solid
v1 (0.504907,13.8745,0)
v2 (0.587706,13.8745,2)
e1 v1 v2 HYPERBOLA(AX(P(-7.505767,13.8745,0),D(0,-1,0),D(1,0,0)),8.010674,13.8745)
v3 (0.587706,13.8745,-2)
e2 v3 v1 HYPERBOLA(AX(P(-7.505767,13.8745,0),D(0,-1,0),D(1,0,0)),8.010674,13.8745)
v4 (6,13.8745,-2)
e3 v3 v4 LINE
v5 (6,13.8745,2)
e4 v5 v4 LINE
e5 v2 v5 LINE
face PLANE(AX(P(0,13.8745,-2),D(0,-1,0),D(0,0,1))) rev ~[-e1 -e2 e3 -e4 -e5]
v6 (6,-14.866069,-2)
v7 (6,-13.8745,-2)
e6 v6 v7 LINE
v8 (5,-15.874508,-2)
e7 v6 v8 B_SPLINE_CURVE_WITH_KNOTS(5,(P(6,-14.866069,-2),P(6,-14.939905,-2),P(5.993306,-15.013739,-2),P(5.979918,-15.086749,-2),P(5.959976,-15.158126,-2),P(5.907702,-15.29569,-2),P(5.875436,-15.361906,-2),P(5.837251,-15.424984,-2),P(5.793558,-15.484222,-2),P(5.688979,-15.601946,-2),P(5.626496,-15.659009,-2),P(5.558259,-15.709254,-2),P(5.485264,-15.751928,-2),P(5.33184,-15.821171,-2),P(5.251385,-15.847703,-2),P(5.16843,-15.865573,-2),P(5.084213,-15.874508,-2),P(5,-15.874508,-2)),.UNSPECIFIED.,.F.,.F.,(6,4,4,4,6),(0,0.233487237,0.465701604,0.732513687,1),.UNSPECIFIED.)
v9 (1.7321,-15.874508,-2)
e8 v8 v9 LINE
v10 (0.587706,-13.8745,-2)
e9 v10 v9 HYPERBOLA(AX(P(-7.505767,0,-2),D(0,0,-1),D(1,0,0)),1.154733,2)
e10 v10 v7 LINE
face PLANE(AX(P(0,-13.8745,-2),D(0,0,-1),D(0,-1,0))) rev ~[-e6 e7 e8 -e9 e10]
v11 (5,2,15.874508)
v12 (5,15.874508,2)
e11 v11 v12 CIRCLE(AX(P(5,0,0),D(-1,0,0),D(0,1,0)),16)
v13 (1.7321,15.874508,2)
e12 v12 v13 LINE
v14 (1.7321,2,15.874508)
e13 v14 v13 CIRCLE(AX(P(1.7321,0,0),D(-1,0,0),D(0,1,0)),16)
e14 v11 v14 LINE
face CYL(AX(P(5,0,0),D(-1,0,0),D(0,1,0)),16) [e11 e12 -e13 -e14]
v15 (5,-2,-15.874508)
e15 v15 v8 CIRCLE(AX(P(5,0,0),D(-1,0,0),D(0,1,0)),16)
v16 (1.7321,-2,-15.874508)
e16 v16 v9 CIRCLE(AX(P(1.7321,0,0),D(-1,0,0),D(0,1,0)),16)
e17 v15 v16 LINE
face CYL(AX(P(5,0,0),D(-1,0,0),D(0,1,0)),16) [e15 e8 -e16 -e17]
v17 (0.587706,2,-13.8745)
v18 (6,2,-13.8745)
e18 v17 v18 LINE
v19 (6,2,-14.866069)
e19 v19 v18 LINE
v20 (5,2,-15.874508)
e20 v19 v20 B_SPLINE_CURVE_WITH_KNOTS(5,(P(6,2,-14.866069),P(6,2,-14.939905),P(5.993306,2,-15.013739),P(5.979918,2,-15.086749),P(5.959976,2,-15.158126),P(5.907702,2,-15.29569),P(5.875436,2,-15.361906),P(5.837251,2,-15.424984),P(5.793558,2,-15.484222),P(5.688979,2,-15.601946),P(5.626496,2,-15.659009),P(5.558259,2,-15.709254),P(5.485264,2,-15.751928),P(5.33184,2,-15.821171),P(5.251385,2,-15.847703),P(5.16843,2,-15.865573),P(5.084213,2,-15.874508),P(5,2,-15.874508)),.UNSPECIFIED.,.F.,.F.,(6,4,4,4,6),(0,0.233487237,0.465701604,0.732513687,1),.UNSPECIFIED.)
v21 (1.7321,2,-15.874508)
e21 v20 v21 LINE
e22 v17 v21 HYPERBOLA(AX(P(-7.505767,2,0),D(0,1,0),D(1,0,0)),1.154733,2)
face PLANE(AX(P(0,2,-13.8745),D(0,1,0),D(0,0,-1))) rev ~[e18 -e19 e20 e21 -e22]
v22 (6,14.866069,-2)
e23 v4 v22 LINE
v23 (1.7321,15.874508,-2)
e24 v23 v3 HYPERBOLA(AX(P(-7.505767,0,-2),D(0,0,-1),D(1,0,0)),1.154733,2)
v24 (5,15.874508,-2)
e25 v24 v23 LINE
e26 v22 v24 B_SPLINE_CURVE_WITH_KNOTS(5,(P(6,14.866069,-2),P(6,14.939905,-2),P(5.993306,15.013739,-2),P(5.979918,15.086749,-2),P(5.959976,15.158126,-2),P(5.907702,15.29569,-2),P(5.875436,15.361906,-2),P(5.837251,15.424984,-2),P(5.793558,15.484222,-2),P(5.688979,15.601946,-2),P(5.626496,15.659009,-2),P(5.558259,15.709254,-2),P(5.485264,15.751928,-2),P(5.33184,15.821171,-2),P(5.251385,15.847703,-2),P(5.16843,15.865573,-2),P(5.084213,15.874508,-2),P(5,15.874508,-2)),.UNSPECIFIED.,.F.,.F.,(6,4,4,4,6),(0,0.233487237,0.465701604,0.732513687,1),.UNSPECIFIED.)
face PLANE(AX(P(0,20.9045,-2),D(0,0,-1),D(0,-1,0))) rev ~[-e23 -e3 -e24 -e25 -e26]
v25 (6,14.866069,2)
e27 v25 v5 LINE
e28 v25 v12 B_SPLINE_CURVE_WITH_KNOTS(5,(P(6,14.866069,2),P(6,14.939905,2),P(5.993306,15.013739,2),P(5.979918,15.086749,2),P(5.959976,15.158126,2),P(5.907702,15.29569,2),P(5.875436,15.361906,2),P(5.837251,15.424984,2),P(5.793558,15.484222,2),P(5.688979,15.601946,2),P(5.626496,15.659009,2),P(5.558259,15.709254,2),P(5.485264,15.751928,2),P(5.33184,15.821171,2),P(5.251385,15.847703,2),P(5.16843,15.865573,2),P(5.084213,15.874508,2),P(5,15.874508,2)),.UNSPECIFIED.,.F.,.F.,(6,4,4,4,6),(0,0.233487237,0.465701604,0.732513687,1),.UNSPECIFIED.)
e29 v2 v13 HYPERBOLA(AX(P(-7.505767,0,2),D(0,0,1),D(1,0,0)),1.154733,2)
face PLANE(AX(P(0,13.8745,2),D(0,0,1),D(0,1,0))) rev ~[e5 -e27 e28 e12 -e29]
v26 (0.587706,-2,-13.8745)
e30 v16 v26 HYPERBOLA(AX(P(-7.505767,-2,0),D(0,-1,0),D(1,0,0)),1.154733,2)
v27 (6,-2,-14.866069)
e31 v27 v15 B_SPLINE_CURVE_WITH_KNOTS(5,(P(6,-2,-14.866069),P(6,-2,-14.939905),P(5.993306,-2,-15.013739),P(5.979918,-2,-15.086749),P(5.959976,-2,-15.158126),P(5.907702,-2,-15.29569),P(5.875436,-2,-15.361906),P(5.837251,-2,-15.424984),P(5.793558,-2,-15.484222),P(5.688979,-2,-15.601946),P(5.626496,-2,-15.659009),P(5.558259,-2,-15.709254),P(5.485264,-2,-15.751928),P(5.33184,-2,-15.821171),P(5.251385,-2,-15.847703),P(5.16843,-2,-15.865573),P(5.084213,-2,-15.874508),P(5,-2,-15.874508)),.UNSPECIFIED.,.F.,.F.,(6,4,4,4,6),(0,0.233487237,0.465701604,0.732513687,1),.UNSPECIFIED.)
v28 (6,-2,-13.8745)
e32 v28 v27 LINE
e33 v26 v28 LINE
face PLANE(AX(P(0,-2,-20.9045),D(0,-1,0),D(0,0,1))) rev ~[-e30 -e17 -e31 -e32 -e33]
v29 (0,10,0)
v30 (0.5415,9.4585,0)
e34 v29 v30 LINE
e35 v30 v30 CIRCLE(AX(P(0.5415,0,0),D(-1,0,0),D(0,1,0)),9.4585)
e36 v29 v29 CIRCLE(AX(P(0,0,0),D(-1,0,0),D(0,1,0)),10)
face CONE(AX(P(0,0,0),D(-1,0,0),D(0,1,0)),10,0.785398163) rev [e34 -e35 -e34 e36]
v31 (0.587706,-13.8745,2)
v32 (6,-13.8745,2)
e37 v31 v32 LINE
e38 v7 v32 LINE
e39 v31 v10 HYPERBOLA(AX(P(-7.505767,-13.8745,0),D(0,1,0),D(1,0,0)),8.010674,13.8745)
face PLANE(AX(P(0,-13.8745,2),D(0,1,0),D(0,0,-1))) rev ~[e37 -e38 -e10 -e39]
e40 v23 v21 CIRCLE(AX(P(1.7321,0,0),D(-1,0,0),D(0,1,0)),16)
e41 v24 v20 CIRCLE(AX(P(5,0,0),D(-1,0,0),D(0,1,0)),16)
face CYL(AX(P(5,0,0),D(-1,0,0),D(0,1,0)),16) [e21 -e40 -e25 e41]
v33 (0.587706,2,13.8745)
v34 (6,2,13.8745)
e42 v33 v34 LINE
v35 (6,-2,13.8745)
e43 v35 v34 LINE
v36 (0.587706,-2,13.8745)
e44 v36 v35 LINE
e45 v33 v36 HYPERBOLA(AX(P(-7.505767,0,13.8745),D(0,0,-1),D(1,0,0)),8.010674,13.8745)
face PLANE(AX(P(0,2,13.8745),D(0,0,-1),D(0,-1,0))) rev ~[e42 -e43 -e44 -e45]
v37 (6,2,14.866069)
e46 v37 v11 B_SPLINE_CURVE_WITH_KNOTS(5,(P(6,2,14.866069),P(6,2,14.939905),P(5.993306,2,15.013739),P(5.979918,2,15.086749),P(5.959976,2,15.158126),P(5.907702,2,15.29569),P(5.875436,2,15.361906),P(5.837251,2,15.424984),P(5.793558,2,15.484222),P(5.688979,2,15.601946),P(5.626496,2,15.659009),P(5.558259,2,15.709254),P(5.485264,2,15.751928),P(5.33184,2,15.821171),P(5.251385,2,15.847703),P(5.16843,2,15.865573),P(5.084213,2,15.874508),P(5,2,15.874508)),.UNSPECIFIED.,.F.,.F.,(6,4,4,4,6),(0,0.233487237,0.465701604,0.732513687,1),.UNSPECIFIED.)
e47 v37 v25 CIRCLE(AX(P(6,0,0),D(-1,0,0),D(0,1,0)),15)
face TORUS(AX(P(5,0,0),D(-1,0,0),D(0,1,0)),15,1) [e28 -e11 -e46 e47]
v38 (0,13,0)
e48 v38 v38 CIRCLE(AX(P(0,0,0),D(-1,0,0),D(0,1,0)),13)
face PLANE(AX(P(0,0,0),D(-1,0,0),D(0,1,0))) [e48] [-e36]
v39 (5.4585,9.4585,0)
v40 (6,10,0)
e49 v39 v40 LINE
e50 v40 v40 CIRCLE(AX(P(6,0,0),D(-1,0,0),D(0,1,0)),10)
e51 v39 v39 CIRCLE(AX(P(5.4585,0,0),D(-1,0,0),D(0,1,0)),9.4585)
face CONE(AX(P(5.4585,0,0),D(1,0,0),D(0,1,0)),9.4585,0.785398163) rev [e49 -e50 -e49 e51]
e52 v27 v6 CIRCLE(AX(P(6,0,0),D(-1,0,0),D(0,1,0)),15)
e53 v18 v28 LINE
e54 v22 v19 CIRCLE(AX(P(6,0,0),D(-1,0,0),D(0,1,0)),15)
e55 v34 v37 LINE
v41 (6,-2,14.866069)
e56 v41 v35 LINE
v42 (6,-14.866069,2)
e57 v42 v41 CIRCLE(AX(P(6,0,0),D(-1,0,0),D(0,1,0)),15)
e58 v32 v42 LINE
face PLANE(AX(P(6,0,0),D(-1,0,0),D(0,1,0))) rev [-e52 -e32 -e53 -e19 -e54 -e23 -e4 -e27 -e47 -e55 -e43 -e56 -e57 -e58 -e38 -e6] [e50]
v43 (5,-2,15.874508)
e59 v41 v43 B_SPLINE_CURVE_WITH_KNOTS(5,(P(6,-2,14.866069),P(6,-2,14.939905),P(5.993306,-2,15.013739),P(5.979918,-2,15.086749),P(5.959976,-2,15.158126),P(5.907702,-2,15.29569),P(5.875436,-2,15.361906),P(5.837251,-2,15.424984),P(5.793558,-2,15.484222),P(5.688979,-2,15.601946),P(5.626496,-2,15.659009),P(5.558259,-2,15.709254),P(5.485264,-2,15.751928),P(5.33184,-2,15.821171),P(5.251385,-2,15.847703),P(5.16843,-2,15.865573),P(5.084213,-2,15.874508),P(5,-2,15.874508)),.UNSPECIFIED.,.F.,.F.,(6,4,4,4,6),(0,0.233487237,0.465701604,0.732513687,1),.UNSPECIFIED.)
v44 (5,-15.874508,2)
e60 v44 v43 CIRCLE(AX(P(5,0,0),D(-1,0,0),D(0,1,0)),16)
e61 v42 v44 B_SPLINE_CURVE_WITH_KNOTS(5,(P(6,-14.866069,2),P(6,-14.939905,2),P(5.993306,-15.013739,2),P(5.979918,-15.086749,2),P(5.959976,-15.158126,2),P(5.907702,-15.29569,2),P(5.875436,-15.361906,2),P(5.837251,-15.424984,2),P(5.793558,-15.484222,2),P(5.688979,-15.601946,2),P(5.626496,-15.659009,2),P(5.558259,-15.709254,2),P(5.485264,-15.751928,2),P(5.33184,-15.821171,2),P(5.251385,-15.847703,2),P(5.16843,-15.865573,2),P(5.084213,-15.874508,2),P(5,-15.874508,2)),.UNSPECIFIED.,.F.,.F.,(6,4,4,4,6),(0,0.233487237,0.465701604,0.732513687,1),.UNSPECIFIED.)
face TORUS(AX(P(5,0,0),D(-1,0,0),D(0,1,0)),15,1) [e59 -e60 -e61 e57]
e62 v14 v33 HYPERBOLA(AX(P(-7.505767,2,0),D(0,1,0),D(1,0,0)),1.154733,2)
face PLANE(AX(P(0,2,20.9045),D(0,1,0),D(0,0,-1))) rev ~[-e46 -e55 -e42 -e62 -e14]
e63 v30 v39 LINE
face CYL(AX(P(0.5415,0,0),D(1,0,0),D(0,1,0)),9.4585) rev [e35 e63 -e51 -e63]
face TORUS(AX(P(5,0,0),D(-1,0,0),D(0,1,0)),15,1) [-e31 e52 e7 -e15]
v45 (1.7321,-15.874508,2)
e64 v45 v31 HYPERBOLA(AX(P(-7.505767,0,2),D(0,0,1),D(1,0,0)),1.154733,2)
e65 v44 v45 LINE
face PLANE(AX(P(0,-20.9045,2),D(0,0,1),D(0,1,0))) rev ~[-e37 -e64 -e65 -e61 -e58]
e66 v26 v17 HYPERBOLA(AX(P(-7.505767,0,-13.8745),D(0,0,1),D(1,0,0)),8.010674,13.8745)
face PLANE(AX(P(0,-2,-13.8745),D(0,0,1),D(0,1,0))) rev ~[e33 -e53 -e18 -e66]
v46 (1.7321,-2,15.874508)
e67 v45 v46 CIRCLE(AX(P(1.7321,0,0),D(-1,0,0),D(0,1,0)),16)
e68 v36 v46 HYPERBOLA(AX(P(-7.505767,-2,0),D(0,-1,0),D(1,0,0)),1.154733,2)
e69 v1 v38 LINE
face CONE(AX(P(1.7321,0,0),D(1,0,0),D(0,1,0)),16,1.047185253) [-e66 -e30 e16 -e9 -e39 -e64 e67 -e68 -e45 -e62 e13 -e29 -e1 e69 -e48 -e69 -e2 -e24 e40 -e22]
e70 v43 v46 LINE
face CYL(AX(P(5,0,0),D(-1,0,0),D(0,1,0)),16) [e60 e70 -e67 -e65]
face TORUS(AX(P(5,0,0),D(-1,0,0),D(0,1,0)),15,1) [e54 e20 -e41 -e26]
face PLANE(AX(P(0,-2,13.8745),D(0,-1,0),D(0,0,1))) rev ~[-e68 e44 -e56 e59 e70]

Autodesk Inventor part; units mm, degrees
sketch "Sketch_3" plane through (0, 0, 0) normal (0, 0, 1) x (1, 0, 0)
  line L0 (68, 0) -> (-68, 0)
  line L1 (0, 10) -> (0.5415, 9.4585)
  line L2 (0.5415, 9.4585) -> (5.4585, 9.4585)
  line L3 (5.4585, 9.4585) -> (6, 10)
  line L4 (6, 10) -> (6, 15)
  arc A0 (6, 15) -> (5, 16) centre (5, 15) ccw
  line L5 (5, 16) -> (1.7321, 16)
  line L6 (1.7321, 16) -> (0, 13)
  line L7 (0, 13) -> (0, 10)
revolve "Revolution1" add sketch "Sketch_3" angle 360 about axis through (68, 0, 0) along (-1, 0, 0)
thread "Thread1" size "M20x1" class "6H" standard "ISO Metric profile" full length
sketch "Sketch_6" plane through (0, 0, 0) normal (1, 0, 0) x (0, 1, 0)
  circle A0 centre (0, 0) radius 32
  line L0 (2, 20.9045) -> (2, 13.8745)
  line L1 (2, 13.8745) -> (-2, 13.8745)
  line L2 (-2, 13.8745) -> (-2, 20.9045)
  arc A1 (-2, 20.9045) -> (-20.9045, 2) centre (0, 0) ccw
  line L3 (-20.9045, 2) -> (-13.8745, 2)
  line L4 (-13.8745, 2) -> (-13.8745, -2)
  line L5 (-13.8745, -2) -> (-20.9045, -2)
  arc A2 (-20.9045, -2) -> (-2, -20.9045) centre (0, 0) ccw
  line L6 (-2, -20.9045) -> (-2, -13.8745)
  line L7 (-2, -13.8745) -> (2, -13.8745)
  line L8 (2, -13.8745) -> (2, -20.9045)
  arc A3 (2, -20.9045) -> (20.9045, -2) centre (0, 0) ccw
  line L9 (20.9045, -2) -> (13.8745, -2)
  line L10 (13.8745, -2) -> (13.8745, 2)
  line L11 (13.8745, 2) -> (20.9045, 2)
  arc A4 (20.9045, 2) -> (2, 20.9045) centre (0, 0) ccw
extrude "Extrusion1" cut sketch "Sketch_6" along normal blind 12
ref_plane "km_XY" through (6, 0, 0) normal (1, 0, 0) x (0, 0, -1)
ref_plane "km_YZ" through (6, 0, 0) normal (0, 0, -1) x (0, 1, 0)
ref_plane "km_ZX" through (6, 0, 0) normal (0, 1, 0) x (1, 0, 0)
ref_plane "km2_XY" through (6, 0, 0) normal (1, 0, 0) x (0, 0, -1)
ref_plane "km2_YZ" through (6, 0, 0) normal (0, 0, -1) x (0, 1, 0)
ref_plane "km2_ZX" through (6, 0, 0) normal (0, 1, 0) x (1, 0, 0)
ref_plane "ln_XY" through (0, 0, 0) normal (0, 1, 0) x (1, 0, 0)
ref_plane "ln_YZ" through (0, 0, 0) normal (1, 0, 0) x (0, 0, -1)
ref_plane "ln_ZX" through (0, 0, 0) normal (0, 0, -1) x (0, 1, 0)
ref_plane "nut_XY" through (0, 0, 0) normal (1, 0, 0) x (0, 0, -1)
ref_plane "nut_YZ" through (0, 0, 0) normal (0, 0, -1) x (0, 1, 0)
ref_plane "nut_ZX" through (0, 0, 0) normal (0, 1, 0) x (1, 0, 0)
properties part number "KM 4"
